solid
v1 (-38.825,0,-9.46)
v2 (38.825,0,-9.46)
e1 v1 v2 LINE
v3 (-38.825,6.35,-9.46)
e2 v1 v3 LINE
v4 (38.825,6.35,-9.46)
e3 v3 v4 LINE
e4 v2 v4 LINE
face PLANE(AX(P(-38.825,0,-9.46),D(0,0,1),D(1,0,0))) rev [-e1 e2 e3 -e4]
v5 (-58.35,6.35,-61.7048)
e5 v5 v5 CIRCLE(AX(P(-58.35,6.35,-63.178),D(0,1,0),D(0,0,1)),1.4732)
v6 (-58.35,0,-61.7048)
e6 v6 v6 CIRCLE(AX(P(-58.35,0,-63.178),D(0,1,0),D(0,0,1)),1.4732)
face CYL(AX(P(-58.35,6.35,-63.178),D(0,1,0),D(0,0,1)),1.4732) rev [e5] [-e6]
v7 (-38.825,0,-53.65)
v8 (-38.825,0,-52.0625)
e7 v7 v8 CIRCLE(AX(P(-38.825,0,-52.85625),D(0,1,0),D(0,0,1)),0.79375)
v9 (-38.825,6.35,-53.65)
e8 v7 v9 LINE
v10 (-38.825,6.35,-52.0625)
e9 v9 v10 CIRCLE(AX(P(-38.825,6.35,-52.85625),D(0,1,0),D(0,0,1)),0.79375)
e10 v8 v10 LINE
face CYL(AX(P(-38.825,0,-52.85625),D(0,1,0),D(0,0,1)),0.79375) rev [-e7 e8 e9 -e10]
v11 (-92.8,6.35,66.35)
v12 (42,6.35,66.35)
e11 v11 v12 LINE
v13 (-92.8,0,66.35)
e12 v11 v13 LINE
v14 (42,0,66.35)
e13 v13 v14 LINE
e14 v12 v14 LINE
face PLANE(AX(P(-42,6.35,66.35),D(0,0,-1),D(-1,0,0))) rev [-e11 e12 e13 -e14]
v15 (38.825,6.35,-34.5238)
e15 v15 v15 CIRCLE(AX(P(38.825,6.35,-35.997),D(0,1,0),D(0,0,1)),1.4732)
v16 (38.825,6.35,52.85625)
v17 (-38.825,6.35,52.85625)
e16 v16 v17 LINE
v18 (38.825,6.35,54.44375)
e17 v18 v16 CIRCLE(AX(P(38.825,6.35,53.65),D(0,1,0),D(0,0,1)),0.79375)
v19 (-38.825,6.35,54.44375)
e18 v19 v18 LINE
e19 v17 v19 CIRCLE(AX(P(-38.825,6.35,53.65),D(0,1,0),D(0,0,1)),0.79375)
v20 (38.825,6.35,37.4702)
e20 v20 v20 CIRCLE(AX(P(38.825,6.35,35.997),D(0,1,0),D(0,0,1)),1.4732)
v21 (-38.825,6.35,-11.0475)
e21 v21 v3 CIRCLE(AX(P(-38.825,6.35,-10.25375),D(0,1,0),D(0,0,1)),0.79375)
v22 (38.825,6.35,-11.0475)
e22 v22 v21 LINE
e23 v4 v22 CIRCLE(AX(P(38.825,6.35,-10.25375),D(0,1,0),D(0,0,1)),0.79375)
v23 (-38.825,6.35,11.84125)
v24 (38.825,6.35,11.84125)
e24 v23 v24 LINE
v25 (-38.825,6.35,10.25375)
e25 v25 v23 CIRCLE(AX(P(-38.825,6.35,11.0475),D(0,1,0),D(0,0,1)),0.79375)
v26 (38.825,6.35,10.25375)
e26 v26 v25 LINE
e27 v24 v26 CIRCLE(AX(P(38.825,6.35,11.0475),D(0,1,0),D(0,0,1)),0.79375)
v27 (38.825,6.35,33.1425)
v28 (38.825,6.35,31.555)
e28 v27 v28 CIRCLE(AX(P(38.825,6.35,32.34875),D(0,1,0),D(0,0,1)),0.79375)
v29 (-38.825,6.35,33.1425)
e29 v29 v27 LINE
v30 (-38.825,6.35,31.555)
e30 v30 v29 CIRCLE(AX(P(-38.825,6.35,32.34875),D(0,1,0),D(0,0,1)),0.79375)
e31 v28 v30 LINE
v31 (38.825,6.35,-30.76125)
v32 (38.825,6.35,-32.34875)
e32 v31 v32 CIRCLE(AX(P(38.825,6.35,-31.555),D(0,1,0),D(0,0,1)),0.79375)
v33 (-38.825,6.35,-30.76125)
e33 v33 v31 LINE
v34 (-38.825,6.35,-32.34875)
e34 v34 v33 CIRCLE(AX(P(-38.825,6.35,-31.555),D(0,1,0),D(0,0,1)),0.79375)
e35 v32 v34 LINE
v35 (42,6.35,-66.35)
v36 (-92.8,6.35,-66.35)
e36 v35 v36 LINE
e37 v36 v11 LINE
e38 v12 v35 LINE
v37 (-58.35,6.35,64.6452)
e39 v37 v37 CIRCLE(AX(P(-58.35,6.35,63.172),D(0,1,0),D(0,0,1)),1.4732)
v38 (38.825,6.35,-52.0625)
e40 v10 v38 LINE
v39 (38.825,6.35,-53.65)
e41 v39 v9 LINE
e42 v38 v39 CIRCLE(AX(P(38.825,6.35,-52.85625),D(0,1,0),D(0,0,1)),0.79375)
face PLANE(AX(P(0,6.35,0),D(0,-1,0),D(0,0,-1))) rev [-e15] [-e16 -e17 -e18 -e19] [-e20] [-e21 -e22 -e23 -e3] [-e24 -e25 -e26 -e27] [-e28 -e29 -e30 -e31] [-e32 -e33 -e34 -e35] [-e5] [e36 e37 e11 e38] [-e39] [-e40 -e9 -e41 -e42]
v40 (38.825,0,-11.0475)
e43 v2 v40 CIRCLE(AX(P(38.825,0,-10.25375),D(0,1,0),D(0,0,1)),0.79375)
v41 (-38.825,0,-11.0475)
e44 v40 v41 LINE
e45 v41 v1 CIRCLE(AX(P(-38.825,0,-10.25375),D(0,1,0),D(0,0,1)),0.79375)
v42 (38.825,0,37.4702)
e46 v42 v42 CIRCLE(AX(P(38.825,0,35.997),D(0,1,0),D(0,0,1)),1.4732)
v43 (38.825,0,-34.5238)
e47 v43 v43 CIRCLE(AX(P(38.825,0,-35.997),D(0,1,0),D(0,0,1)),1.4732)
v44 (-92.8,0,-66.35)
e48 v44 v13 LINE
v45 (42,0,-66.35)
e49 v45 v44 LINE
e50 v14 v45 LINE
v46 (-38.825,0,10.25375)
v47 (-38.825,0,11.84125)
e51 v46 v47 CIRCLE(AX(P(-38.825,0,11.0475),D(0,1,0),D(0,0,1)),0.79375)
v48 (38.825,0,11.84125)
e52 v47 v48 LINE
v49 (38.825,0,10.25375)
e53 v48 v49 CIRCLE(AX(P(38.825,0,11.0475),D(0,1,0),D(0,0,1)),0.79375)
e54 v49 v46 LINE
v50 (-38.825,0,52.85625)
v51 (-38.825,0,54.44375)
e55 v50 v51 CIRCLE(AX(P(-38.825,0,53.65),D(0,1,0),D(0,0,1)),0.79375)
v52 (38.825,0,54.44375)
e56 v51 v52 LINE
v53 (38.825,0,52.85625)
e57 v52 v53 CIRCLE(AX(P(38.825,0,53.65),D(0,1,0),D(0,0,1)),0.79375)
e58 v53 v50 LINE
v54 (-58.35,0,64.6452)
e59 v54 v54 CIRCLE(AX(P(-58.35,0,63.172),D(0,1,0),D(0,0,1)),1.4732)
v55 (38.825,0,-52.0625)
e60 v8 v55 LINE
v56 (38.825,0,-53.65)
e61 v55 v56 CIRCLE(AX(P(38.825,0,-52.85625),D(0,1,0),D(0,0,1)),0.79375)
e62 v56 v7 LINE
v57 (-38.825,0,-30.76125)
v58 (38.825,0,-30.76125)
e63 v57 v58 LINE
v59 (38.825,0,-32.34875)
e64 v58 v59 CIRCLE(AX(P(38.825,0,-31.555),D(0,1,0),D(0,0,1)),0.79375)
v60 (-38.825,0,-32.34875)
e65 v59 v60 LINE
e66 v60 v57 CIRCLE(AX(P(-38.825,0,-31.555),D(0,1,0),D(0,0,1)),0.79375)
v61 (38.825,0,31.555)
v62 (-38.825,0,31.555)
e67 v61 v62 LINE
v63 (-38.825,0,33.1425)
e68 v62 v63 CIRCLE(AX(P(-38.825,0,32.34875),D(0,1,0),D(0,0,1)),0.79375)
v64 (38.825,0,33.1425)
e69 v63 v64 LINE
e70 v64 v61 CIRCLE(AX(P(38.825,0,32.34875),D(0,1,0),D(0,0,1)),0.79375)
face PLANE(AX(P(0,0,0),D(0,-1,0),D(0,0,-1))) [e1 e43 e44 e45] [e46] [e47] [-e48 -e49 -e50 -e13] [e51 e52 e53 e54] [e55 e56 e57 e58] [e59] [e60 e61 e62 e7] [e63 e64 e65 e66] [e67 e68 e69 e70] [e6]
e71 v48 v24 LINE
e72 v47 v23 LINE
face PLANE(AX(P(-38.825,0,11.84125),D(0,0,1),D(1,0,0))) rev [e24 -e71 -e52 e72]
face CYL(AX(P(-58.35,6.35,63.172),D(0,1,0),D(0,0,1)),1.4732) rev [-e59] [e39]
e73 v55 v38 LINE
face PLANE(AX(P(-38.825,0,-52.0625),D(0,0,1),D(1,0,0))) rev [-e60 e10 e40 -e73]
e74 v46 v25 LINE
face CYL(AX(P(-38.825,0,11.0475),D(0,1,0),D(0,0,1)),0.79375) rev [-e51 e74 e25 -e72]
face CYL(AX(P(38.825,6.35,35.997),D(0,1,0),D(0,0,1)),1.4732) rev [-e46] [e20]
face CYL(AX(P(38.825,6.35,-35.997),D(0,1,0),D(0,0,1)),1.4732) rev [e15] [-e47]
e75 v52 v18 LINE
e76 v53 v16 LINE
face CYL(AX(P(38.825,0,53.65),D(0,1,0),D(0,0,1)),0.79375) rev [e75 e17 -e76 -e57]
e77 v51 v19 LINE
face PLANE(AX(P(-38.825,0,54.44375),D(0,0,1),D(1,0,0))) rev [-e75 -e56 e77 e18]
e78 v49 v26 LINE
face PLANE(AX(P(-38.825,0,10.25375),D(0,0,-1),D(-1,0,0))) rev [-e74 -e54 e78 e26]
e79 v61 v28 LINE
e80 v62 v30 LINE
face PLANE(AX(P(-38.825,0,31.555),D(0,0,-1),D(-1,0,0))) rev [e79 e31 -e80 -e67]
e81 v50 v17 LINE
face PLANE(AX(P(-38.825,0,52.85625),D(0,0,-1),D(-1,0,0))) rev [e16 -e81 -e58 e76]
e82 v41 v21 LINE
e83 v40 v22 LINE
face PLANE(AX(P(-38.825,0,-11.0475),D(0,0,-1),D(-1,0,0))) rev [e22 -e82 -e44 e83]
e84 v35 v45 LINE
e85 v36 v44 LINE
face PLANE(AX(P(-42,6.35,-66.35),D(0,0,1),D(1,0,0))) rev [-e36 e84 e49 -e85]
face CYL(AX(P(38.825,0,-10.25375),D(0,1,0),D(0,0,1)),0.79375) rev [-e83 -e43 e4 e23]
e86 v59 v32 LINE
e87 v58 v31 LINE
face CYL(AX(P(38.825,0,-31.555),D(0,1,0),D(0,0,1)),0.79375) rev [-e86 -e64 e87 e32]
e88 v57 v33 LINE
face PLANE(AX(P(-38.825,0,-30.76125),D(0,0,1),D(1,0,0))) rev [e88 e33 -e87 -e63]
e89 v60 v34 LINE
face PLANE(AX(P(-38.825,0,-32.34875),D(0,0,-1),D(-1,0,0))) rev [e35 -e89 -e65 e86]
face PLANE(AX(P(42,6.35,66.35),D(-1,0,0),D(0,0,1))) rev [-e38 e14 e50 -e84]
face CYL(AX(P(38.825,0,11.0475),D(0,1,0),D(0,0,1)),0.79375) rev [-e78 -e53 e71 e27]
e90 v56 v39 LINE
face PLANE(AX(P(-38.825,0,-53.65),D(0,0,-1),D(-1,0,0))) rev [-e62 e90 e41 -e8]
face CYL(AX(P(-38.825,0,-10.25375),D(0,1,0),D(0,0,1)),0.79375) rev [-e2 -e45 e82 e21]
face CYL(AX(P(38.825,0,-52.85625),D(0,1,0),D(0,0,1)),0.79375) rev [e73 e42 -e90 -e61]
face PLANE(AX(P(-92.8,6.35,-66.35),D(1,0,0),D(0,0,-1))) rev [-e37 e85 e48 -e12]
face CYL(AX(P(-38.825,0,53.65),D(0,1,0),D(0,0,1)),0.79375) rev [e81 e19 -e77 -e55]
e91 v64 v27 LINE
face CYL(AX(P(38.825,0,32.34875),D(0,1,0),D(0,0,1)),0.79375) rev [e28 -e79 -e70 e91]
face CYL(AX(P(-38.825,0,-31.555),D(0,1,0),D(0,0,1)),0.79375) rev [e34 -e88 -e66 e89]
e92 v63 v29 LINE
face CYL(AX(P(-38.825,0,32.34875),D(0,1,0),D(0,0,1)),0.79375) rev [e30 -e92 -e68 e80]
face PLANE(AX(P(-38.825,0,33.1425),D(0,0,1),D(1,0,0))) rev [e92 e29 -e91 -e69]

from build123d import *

# Parameters (mm, degrees)
BOSS_EXTRUDE1_DEPTH       = 6.35
F_4_CLEARANCE_HOLE1_D     = 2.9464
CUT_EXTRUDE2_DEPTH        = 7.35
F_4_CLEARANCE_HOLE2_D     = 2.9464
F_4_CLEARANCE_HOLE2_DEPTH = 6.35
F_4_CLEARANCE_HOLE2_TIP   = 0.885187864


with BuildPart() as part:
    # Sketch1 → Boss-Extrude1 (new body)
    with BuildSketch(Plane(origin=(0, 0, 0), x_dir=(1, 0, 0), z_dir=(0, 1, 0))):
        Polygon((-42, -66.35), (42, -66.35), (42, 66.35), (-42, 66.35), (-92.8, 66.35), (-92.8, -66.35), align=None)
    extrude(amount=BOSS_EXTRUDE1_DEPTH)

    # #4 Clearance Hole1 (through all)
    with Locations(Plane(origin=(0, 6.35, 0), x_dir=(1, 0, 0), z_dir=(0, 1, 0))):
        with Locations((38.825, 35.997), (38.825, -35.997)):
            Hole(F_4_CLEARANCE_HOLE1_D / 2)

    # Sketch3 → Cut-Extrude2 (cut, through all)
    with BuildSketch(Plane(origin=(0, 6.35, 0), x_dir=(1, 0, 0), z_dir=(0, 1, 0))):
        with BuildLine():
            Line((-38.825, -52.85625), (38.825, -52.85625))
            ThreePointArc((38.825, -52.85625), (39.61875, -53.65), (38.825, -54.44375))
            Line((38.825, -54.44375), (-38.825, -54.44375))
            ThreePointArc((-38.825, -54.44375), (-39.61875, -53.65), (-38.825, -52.85625))
        make_face()
        with BuildLine():
            Line((-38.825, -31.555), (38.825, -31.555))
            ThreePointArc((38.825, -31.555), (39.61875, -32.34875), (38.825, -33.1425))
            Line((38.825, -33.1425), (-38.825, -33.1425))
            ThreePointArc((-38.825, -33.1425), (-39.61875, -32.34875), (-38.825, -31.555))
        make_face()
        with BuildLine():
            Line((-38.825, -10.25375), (38.825, -10.25375))
            ThreePointArc((38.825, -10.25375), (39.61875, -11.0475), (38.825, -11.84125))
            Line((38.825, -11.84125), (-38.825, -11.84125))
            ThreePointArc((-38.825, -11.84125), (-39.61875, -11.0475), (-38.825, -10.25375))
        make_face()
        with BuildLine():
            Line((-38.825, 11.0475), (38.825, 11.0475))
            ThreePointArc((38.825, 11.0475), (39.61875, 10.25375), (38.825, 9.46))
            Line((38.825, 9.46), (-38.825, 9.46))
            ThreePointArc((-38.825, 9.46), (-39.61875, 10.25375), (-38.825, 11.0475))
        make_face()
        with BuildLine():
            Line((-38.825, 32.34875), (38.825, 32.34875))
            ThreePointArc((38.825, 32.34875), (39.61875, 31.555), (38.825, 30.76125))
            Line((38.825, 30.76125), (-38.825, 30.76125))
            ThreePointArc((-38.825, 30.76125), (-39.61875, 31.555), (-38.825, 32.34875))
        make_face()
        with BuildLine():
            Line((-38.825, 53.65), (38.825, 53.65))
            ThreePointArc((38.825, 53.65), (39.61875, 52.85625), (38.825, 52.0625))
            Line((38.825, 52.0625), (-38.825, 52.0625))
            ThreePointArc((-38.825, 52.0625), (-39.61875, 52.85625), (-38.825, 53.65))
        make_face()
    extrude(amount=-CUT_EXTRUDE2_DEPTH, mode=Mode.SUBTRACT)

    # #4 Clearance Hole2
    with Locations(Plane(origin=(0, 6.35, 0), x_dir=(1, 0, 0), z_dir=(0, 1, 0))):
        with Locations((-58.35, 63.178000009), (-58.35, -63.171999991)):
            Hole(F_4_CLEARANCE_HOLE2_D / 2, depth=F_4_CLEARANCE_HOLE2_DEPTH)
            with Locations((0, 0, -(F_4_CLEARANCE_HOLE2_DEPTH + F_4_CLEARANCE_HOLE2_TIP / 2))):  # 118° drill point
                Cone(0, F_4_CLEARANCE_HOLE2_D / 2, F_4_CLEARANCE_HOLE2_TIP, mode=Mode.SUBTRACT)


solid = part.part
